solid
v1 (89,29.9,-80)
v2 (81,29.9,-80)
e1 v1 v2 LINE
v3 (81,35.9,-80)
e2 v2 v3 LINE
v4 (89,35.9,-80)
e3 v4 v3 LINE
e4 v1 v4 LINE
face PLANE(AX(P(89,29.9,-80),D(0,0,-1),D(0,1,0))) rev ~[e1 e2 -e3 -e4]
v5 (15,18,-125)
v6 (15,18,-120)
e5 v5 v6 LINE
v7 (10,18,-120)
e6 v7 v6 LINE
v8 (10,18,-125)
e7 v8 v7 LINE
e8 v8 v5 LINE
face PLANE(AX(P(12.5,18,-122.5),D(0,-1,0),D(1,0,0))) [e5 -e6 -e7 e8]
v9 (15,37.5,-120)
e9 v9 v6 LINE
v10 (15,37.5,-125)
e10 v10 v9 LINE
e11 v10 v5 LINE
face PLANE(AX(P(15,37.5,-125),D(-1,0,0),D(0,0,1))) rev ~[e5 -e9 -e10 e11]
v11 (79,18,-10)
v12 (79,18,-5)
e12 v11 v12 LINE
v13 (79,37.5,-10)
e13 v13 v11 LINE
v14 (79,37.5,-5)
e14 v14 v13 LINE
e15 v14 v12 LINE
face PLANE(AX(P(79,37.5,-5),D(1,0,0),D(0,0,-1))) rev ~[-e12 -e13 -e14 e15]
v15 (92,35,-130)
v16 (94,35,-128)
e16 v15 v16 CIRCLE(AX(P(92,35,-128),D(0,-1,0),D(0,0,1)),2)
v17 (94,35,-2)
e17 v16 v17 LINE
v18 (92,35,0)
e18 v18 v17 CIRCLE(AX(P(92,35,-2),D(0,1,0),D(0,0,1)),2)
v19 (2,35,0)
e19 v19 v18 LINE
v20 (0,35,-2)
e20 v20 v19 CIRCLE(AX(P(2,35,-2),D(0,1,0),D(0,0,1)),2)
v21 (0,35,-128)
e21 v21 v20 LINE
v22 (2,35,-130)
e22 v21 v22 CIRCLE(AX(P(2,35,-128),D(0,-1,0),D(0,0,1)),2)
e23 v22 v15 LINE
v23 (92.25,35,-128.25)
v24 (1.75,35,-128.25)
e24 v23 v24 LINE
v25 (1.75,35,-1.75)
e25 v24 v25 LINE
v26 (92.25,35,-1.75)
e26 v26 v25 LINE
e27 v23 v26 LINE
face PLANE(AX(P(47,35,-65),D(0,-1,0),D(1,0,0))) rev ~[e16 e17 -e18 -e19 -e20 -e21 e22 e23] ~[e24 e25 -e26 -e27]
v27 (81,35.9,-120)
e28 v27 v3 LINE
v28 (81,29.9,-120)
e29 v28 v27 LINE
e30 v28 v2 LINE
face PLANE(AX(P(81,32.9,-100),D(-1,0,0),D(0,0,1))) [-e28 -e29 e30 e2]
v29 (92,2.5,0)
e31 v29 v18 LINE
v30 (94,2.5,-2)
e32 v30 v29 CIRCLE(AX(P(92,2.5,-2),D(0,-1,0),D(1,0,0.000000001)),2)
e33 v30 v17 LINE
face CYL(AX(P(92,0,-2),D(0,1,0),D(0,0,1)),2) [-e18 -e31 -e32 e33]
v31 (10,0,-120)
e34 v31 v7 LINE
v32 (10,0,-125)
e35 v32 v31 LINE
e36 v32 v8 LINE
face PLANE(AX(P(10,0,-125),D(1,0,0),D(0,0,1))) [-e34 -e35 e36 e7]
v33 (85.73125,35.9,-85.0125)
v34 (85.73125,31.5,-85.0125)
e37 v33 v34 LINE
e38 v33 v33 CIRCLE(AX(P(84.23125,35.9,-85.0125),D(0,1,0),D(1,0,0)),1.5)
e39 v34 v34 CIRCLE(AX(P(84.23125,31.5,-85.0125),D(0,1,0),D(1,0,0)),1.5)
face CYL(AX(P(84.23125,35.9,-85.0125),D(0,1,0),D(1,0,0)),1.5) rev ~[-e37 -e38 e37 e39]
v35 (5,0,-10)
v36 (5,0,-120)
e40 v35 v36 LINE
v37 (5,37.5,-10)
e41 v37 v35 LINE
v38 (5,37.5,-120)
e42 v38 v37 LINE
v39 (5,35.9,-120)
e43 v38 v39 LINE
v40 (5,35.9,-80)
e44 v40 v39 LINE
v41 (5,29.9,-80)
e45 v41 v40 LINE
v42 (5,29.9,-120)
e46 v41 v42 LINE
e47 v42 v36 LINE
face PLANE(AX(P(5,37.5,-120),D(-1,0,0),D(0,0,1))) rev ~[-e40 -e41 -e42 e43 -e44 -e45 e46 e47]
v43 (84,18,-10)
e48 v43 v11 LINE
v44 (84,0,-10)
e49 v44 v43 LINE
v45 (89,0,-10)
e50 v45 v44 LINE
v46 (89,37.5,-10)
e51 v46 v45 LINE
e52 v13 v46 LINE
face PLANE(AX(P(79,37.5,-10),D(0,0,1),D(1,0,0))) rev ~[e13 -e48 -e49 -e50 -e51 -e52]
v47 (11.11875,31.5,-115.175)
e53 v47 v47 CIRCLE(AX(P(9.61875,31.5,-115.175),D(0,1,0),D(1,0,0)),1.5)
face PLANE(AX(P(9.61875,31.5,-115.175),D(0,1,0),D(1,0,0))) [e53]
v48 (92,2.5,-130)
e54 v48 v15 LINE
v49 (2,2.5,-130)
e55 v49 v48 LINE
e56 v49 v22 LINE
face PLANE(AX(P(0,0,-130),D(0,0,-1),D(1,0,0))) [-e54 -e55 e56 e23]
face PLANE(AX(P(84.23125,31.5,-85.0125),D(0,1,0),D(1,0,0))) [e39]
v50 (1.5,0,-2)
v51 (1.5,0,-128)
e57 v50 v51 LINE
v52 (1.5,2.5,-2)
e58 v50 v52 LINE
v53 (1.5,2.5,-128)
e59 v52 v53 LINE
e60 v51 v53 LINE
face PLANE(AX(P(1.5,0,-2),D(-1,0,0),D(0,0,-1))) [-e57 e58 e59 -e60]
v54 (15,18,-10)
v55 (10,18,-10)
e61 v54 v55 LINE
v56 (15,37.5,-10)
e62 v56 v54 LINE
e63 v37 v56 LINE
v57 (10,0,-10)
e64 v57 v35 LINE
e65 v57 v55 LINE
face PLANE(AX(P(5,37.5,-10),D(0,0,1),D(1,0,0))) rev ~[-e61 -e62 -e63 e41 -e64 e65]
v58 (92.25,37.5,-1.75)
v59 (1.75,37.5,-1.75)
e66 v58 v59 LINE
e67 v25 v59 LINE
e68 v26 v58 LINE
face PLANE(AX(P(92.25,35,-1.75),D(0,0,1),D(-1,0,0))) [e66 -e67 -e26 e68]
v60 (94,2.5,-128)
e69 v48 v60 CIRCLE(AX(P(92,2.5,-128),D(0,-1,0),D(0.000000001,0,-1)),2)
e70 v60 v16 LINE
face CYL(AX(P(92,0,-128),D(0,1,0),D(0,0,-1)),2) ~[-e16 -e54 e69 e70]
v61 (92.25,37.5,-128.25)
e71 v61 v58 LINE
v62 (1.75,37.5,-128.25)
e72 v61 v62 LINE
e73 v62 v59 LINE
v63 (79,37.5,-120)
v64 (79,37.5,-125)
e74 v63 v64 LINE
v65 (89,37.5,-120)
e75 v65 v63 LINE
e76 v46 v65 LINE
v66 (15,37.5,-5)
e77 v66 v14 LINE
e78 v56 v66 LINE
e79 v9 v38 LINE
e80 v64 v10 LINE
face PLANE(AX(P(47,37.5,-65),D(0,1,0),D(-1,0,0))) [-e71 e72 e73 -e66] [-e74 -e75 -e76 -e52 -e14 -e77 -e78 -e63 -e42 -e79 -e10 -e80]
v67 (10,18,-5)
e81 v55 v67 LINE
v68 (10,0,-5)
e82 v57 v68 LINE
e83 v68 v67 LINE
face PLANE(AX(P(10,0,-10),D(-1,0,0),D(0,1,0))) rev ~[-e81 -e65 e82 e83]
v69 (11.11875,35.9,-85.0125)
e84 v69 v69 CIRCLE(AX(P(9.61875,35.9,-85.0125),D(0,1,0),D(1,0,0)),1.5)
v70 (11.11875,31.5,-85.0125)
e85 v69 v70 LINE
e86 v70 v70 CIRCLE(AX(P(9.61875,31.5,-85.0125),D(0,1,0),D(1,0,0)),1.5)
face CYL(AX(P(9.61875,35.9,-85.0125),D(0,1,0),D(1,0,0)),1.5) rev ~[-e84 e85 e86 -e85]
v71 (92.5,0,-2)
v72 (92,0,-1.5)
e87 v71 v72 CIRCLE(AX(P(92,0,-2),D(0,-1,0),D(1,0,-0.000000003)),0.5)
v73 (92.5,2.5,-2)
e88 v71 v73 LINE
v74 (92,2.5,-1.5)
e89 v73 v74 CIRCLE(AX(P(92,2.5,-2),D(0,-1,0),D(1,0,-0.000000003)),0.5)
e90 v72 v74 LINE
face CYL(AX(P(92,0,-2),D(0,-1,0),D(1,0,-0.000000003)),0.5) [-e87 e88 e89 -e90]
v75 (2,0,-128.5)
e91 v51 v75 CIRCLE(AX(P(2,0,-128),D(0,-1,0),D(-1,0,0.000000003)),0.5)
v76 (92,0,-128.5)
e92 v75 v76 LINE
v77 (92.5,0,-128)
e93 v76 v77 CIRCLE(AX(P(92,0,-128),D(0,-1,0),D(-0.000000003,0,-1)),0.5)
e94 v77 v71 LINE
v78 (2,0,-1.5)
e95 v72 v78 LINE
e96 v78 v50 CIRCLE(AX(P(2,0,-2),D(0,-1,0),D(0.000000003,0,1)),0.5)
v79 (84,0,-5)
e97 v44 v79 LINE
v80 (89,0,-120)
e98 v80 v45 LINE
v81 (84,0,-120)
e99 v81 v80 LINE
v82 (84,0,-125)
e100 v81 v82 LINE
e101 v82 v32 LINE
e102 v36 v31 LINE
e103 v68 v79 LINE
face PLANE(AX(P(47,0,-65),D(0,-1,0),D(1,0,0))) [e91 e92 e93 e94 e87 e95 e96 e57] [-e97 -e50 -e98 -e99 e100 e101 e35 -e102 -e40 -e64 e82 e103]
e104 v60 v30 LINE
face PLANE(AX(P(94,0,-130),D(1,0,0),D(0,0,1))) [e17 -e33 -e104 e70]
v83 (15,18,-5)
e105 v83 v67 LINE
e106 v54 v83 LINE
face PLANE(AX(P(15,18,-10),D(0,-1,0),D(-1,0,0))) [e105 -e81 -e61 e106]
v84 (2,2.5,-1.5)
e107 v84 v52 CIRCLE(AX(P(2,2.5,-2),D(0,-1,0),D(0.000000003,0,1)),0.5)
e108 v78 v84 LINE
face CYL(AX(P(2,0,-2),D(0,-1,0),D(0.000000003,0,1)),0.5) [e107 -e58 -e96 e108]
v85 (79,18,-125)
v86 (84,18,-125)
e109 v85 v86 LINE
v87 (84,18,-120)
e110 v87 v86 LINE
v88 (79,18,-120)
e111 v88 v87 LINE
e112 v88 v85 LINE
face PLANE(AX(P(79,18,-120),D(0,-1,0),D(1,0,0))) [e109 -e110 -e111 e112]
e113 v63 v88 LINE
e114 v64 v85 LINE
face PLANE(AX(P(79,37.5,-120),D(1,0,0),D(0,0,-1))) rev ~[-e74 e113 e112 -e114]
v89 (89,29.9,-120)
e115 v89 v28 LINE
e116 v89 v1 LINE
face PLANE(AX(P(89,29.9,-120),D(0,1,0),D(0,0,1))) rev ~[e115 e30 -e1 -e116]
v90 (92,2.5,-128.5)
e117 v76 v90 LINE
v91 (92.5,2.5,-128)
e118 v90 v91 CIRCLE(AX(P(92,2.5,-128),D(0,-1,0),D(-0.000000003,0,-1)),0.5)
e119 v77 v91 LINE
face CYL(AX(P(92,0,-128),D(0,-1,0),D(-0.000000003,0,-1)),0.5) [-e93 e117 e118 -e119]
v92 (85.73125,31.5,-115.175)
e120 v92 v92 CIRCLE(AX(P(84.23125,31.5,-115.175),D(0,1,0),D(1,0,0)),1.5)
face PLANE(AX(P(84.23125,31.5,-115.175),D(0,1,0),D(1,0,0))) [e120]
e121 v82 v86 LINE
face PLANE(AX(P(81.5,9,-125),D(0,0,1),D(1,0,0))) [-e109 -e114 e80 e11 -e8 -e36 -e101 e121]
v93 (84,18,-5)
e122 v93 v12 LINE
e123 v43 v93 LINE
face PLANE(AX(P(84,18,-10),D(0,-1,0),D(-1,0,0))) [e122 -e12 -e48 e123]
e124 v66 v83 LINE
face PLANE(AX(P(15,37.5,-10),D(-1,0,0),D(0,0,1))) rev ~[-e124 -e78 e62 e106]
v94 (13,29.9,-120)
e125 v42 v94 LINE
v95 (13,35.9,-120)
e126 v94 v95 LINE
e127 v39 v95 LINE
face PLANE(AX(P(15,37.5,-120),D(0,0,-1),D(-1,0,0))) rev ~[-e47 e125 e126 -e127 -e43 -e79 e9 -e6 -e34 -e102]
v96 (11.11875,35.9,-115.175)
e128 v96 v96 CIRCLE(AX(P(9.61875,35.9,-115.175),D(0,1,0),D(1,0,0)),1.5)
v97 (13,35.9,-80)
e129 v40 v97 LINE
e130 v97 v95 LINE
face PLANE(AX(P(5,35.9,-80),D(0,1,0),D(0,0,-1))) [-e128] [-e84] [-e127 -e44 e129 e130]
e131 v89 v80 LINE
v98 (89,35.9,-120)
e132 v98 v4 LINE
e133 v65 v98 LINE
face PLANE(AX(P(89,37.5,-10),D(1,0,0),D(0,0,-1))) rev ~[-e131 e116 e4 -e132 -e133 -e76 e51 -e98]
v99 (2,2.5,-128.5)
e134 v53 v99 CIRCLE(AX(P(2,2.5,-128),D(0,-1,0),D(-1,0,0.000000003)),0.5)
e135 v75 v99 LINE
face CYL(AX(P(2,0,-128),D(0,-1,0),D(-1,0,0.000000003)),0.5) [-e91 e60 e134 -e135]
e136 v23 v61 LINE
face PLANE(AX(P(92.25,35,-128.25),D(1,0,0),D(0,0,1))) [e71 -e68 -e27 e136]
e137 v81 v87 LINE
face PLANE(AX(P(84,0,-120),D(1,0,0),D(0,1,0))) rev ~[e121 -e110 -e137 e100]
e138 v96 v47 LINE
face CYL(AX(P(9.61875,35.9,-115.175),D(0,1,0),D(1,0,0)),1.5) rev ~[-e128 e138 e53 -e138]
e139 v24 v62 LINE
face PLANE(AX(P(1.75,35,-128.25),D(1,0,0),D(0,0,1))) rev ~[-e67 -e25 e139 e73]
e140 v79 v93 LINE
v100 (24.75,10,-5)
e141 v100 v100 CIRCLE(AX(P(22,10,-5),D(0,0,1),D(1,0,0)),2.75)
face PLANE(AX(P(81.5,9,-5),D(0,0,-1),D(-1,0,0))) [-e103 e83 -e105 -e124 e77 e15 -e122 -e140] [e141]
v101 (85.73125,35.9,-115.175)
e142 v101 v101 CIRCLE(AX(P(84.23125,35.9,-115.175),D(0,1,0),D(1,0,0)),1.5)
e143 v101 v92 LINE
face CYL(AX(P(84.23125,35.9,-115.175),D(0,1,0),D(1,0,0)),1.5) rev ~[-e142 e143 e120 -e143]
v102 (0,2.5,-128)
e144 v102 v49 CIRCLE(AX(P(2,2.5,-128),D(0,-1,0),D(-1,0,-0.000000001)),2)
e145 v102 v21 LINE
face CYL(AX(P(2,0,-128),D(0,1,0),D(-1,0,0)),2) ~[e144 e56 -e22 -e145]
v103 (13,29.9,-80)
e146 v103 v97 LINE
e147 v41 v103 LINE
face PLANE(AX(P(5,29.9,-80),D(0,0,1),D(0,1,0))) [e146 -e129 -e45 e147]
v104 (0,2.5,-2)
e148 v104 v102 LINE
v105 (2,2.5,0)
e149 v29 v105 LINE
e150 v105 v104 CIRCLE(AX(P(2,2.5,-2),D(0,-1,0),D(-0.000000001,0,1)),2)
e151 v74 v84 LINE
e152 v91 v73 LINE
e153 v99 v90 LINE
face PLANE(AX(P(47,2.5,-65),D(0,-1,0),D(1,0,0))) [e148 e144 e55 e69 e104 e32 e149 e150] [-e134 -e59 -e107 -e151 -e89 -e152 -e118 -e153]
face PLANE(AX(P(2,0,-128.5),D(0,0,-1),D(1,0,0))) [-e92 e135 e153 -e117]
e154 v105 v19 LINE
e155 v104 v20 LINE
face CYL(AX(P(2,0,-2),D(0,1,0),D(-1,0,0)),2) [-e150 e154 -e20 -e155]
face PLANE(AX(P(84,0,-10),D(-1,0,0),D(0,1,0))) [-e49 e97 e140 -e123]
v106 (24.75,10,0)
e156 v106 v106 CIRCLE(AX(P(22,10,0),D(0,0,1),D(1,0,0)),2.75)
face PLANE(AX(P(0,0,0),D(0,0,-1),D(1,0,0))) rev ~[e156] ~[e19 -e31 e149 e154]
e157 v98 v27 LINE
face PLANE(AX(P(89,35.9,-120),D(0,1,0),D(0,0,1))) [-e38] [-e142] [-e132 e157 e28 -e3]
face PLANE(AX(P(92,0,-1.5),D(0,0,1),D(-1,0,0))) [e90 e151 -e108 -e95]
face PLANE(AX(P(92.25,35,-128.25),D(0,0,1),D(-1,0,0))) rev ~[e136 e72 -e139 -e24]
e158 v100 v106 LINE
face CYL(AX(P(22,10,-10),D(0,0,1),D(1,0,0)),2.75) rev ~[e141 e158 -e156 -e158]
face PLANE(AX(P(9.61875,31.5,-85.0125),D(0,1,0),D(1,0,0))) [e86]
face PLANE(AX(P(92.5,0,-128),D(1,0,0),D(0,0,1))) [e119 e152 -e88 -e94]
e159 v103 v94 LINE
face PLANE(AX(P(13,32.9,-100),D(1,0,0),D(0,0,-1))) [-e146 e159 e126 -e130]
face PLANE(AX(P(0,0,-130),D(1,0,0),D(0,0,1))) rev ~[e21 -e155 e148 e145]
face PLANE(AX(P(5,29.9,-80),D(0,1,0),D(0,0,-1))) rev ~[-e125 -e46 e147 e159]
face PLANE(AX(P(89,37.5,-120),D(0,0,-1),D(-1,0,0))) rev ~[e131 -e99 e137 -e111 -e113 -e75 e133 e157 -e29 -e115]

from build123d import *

# Parameters (mm, degrees)
SKETCH1_W                      = 94
SKETCH1_H                      = 130
BOSS_EXTRUDE1_DEPTH            = 35
SKETCH2_W                      = 90.5
SKETCH2_H                      = 126.5
BOSS_EXTRUDE2_DEPTH            = 2.5
CUT_EXTRUDE1_DEPTH             = 38.5
SKETCH4_W                      = 5
SKETCH4_H                      = 18
CUT_EXTRUDE2_DEPTH             = 5
SKETCH9_W                      = 5
SKETCH9_H                      = 18
CUT_EXTRUDE6_DEPTH             = 5
SKETCH11_W                     = 5
SKETCH11_H                     = 5
CUT_EXTRUDE8_DEPTH             = 18
SKETCH12_W                     = 5
SKETCH12_H                     = 18
CUT_EXTRUDE9_DEPTH             = 5
F_5_5_5_5_DIAMETER_HOLE1_D     = 5.5
F_5_5_5_5_DIAMETER_HOLE1_DEPTH = 5
FILLET1_R                      = 2
CUT_EXTRUDE10_DEPTH            = 2.5
SKETCH17_W                     = 40
SKETCH17_H                     = 6
BOSS_EXTRUDE3_DEPTH            = 8
SKETCH18_W                     = 40
SKETCH18_H                     = 6
BOSS_EXTRUDE4_DEPTH            = 8
SKETCH23_R                     = 1.5
CUT_EXTRUDE11_DEPTH            = 4.4


with BuildPart() as part:
    # Sketch1 → Boss-Extrude1 (new body)
    with BuildSketch(Plane.XZ):
        with Locations((47, -65)):
            Rectangle(SKETCH1_W, SKETCH1_H)
    extrude(amount=-BOSS_EXTRUDE1_DEPTH)

    # Sketch2 → Boss-Extrude2 (add)
    with BuildSketch(Plane(origin=(0, 35, 0), x_dir=(-1, 0, 0), z_dir=(0, 1, 0))):
        with Locations((-47, -65)):
            Rectangle(SKETCH2_W, SKETCH2_H)
    extrude(amount=BOSS_EXTRUDE2_DEPTH)

    # Sketch3 → Cut-Extrude1 (cut, through all)
    with BuildSketch(Plane(origin=(0, 37.5, 0), x_dir=(-1, 0, 0), z_dir=(0, 1, 0))):
        Polygon((-83, -120), (-79, -120), (-79, -125), (-15, -125), (-15, -120), (-5, -120), (-5, -10), (-15, -10), (-15, -5), (-79, -5), (-79, -10), (-89, -10), (-89, -96), (-89, -120), align=None)
    extrude(amount=-CUT_EXTRUDE1_DEPTH, mode=Mode.SUBTRACT)

    # Sketch4 → Cut-Extrude2 (cut)
    with BuildSketch(Plane(origin=(0, 0, -10), x_dir=(-1, 0, 0), z_dir=(0, 0, -1))):
        with Locations((-12.5, 9)):
            Rectangle(SKETCH4_W, SKETCH4_H)
    extrude(amount=-CUT_EXTRUDE2_DEPTH, mode=Mode.SUBTRACT)

    # Sketch9 → Cut-Extrude6 (cut)
    with BuildSketch(Plane(origin=(0, 0, -10), x_dir=(-1, 0, 0), z_dir=(0, 0, -1))):
        with Locations((-81.5, 9)):
            Rectangle(SKETCH9_W, SKETCH9_H)
    extrude(amount=-CUT_EXTRUDE6_DEPTH, mode=Mode.SUBTRACT)

    # Sketch11 → Cut-Extrude8 (cut)
    with BuildSketch(Plane.XZ):
        with Locations((12.5, -122.5)):
            Rectangle(SKETCH11_W, SKETCH11_H)
    extrude(amount=-CUT_EXTRUDE8_DEPTH, mode=Mode.SUBTRACT)

    # Sketch12 → Cut-Extrude9 (cut)
    with BuildSketch(Plane.XY.offset(-120)):
        with Locations((81.5, 9)):
            Rectangle(SKETCH12_W, SKETCH12_H)
    extrude(amount=-CUT_EXTRUDE9_DEPTH, mode=Mode.SUBTRACT)

    # Ø5.5 (5.5) Diameter Hole1
    with Locations(Plane(origin=(0, 0, -5), x_dir=(-1, 0, 0), z_dir=(0, 0, -1))):
        with Locations((-22, 10)):
            Hole(F_5_5_5_5_DIAMETER_HOLE1_D / 2, depth=F_5_5_5_5_DIAMETER_HOLE1_DEPTH)

    # Fillet1
    fillet1_edges = [part.edges().sort_by_distance(p)[0] for p in [
        (94, 17.5, -130),
        (0, 17.5, -130),
        (0, 17.5, 0),
        (94, 17.5, 0),
    ]]
    fillet(fillet1_edges, radius=FILLET1_R)

    # Sketch16 → Cut-Extrude10 (cut)
    with BuildSketch(Plane.XZ):
        with BuildLine():
            Line((0, -2), (0, -128))
            ThreePointArc((0, -128), (0.585786438, -129.414213562), (2, -130))
            Line((2, -130), (92, -130))
            ThreePointArc((92, -130), (93.414213562, -129.414213562), (94, -128))
            Line((94, -128), (94, -2))
            ThreePointArc((94, -2), (93.414213562, -0.585786438), (92, 0))
            Line((92, 0), (2, 0))
            ThreePointArc((2, 0), (0.585786438, -0.585786438), (0, -2))
        make_face()
        with BuildLine():
            Line((1.5, -2), (1.5, -128))
            ThreePointArc((1.5, -128), (1.646446609, -128.353553391), (2, -128.5))
            Line((2, -128.5), (92, -128.5))
            ThreePointArc((92, -128.5), (92.353553391, -128.353553391), (92.5, -128))
            Line((92.5, -128), (92.5, -2))
            ThreePointArc((92.5, -2), (92.353553391, -1.646446609), (92, -1.5))
            Line((92, -1.5), (2, -1.5))
            ThreePointArc((2, -1.5), (1.646446609, -1.646446609), (1.5, -2))
        make_face(mode=Mode.SUBTRACT)
    extrude(amount=-CUT_EXTRUDE10_DEPTH, mode=Mode.SUBTRACT)

    # Sketch17 → Boss-Extrude3 (add)
    with BuildSketch(Plane(origin=(5, 0, 0), x_dir=(0, 0, -1), z_dir=(1, 0, 0))):
        with Locations((100, 32.9)):
            Rectangle(SKETCH17_W, SKETCH17_H)
    extrude(amount=BOSS_EXTRUDE3_DEPTH)

    # Sketch18 → Boss-Extrude4 (add)
    with BuildSketch(Plane.ZY.offset(-89)):
        with Locations((-100, 32.9)):
            Rectangle(SKETCH18_W, SKETCH18_H)
    extrude(amount=BOSS_EXTRUDE4_DEPTH)

    # Sketch23 → Cut-Extrude11 (cut)
    with BuildSketch(Plane(origin=(0, 35.9, 0), x_dir=(1, 0, 0), z_dir=(0, 1, 0))):
        with Locations((9.61875, 115.175)):
            Circle(SKETCH23_R)
        with Locations((9.61875, 85.0125)):
            Circle(SKETCH23_R)
        with Locations((84.23125, 115.175)):
            Circle(SKETCH23_R)
        with Locations((84.23125, 85.0125)):
            Circle(SKETCH23_R)
    extrude(amount=-CUT_EXTRUDE11_DEPTH, mode=Mode.SUBTRACT)


solid = part.part
